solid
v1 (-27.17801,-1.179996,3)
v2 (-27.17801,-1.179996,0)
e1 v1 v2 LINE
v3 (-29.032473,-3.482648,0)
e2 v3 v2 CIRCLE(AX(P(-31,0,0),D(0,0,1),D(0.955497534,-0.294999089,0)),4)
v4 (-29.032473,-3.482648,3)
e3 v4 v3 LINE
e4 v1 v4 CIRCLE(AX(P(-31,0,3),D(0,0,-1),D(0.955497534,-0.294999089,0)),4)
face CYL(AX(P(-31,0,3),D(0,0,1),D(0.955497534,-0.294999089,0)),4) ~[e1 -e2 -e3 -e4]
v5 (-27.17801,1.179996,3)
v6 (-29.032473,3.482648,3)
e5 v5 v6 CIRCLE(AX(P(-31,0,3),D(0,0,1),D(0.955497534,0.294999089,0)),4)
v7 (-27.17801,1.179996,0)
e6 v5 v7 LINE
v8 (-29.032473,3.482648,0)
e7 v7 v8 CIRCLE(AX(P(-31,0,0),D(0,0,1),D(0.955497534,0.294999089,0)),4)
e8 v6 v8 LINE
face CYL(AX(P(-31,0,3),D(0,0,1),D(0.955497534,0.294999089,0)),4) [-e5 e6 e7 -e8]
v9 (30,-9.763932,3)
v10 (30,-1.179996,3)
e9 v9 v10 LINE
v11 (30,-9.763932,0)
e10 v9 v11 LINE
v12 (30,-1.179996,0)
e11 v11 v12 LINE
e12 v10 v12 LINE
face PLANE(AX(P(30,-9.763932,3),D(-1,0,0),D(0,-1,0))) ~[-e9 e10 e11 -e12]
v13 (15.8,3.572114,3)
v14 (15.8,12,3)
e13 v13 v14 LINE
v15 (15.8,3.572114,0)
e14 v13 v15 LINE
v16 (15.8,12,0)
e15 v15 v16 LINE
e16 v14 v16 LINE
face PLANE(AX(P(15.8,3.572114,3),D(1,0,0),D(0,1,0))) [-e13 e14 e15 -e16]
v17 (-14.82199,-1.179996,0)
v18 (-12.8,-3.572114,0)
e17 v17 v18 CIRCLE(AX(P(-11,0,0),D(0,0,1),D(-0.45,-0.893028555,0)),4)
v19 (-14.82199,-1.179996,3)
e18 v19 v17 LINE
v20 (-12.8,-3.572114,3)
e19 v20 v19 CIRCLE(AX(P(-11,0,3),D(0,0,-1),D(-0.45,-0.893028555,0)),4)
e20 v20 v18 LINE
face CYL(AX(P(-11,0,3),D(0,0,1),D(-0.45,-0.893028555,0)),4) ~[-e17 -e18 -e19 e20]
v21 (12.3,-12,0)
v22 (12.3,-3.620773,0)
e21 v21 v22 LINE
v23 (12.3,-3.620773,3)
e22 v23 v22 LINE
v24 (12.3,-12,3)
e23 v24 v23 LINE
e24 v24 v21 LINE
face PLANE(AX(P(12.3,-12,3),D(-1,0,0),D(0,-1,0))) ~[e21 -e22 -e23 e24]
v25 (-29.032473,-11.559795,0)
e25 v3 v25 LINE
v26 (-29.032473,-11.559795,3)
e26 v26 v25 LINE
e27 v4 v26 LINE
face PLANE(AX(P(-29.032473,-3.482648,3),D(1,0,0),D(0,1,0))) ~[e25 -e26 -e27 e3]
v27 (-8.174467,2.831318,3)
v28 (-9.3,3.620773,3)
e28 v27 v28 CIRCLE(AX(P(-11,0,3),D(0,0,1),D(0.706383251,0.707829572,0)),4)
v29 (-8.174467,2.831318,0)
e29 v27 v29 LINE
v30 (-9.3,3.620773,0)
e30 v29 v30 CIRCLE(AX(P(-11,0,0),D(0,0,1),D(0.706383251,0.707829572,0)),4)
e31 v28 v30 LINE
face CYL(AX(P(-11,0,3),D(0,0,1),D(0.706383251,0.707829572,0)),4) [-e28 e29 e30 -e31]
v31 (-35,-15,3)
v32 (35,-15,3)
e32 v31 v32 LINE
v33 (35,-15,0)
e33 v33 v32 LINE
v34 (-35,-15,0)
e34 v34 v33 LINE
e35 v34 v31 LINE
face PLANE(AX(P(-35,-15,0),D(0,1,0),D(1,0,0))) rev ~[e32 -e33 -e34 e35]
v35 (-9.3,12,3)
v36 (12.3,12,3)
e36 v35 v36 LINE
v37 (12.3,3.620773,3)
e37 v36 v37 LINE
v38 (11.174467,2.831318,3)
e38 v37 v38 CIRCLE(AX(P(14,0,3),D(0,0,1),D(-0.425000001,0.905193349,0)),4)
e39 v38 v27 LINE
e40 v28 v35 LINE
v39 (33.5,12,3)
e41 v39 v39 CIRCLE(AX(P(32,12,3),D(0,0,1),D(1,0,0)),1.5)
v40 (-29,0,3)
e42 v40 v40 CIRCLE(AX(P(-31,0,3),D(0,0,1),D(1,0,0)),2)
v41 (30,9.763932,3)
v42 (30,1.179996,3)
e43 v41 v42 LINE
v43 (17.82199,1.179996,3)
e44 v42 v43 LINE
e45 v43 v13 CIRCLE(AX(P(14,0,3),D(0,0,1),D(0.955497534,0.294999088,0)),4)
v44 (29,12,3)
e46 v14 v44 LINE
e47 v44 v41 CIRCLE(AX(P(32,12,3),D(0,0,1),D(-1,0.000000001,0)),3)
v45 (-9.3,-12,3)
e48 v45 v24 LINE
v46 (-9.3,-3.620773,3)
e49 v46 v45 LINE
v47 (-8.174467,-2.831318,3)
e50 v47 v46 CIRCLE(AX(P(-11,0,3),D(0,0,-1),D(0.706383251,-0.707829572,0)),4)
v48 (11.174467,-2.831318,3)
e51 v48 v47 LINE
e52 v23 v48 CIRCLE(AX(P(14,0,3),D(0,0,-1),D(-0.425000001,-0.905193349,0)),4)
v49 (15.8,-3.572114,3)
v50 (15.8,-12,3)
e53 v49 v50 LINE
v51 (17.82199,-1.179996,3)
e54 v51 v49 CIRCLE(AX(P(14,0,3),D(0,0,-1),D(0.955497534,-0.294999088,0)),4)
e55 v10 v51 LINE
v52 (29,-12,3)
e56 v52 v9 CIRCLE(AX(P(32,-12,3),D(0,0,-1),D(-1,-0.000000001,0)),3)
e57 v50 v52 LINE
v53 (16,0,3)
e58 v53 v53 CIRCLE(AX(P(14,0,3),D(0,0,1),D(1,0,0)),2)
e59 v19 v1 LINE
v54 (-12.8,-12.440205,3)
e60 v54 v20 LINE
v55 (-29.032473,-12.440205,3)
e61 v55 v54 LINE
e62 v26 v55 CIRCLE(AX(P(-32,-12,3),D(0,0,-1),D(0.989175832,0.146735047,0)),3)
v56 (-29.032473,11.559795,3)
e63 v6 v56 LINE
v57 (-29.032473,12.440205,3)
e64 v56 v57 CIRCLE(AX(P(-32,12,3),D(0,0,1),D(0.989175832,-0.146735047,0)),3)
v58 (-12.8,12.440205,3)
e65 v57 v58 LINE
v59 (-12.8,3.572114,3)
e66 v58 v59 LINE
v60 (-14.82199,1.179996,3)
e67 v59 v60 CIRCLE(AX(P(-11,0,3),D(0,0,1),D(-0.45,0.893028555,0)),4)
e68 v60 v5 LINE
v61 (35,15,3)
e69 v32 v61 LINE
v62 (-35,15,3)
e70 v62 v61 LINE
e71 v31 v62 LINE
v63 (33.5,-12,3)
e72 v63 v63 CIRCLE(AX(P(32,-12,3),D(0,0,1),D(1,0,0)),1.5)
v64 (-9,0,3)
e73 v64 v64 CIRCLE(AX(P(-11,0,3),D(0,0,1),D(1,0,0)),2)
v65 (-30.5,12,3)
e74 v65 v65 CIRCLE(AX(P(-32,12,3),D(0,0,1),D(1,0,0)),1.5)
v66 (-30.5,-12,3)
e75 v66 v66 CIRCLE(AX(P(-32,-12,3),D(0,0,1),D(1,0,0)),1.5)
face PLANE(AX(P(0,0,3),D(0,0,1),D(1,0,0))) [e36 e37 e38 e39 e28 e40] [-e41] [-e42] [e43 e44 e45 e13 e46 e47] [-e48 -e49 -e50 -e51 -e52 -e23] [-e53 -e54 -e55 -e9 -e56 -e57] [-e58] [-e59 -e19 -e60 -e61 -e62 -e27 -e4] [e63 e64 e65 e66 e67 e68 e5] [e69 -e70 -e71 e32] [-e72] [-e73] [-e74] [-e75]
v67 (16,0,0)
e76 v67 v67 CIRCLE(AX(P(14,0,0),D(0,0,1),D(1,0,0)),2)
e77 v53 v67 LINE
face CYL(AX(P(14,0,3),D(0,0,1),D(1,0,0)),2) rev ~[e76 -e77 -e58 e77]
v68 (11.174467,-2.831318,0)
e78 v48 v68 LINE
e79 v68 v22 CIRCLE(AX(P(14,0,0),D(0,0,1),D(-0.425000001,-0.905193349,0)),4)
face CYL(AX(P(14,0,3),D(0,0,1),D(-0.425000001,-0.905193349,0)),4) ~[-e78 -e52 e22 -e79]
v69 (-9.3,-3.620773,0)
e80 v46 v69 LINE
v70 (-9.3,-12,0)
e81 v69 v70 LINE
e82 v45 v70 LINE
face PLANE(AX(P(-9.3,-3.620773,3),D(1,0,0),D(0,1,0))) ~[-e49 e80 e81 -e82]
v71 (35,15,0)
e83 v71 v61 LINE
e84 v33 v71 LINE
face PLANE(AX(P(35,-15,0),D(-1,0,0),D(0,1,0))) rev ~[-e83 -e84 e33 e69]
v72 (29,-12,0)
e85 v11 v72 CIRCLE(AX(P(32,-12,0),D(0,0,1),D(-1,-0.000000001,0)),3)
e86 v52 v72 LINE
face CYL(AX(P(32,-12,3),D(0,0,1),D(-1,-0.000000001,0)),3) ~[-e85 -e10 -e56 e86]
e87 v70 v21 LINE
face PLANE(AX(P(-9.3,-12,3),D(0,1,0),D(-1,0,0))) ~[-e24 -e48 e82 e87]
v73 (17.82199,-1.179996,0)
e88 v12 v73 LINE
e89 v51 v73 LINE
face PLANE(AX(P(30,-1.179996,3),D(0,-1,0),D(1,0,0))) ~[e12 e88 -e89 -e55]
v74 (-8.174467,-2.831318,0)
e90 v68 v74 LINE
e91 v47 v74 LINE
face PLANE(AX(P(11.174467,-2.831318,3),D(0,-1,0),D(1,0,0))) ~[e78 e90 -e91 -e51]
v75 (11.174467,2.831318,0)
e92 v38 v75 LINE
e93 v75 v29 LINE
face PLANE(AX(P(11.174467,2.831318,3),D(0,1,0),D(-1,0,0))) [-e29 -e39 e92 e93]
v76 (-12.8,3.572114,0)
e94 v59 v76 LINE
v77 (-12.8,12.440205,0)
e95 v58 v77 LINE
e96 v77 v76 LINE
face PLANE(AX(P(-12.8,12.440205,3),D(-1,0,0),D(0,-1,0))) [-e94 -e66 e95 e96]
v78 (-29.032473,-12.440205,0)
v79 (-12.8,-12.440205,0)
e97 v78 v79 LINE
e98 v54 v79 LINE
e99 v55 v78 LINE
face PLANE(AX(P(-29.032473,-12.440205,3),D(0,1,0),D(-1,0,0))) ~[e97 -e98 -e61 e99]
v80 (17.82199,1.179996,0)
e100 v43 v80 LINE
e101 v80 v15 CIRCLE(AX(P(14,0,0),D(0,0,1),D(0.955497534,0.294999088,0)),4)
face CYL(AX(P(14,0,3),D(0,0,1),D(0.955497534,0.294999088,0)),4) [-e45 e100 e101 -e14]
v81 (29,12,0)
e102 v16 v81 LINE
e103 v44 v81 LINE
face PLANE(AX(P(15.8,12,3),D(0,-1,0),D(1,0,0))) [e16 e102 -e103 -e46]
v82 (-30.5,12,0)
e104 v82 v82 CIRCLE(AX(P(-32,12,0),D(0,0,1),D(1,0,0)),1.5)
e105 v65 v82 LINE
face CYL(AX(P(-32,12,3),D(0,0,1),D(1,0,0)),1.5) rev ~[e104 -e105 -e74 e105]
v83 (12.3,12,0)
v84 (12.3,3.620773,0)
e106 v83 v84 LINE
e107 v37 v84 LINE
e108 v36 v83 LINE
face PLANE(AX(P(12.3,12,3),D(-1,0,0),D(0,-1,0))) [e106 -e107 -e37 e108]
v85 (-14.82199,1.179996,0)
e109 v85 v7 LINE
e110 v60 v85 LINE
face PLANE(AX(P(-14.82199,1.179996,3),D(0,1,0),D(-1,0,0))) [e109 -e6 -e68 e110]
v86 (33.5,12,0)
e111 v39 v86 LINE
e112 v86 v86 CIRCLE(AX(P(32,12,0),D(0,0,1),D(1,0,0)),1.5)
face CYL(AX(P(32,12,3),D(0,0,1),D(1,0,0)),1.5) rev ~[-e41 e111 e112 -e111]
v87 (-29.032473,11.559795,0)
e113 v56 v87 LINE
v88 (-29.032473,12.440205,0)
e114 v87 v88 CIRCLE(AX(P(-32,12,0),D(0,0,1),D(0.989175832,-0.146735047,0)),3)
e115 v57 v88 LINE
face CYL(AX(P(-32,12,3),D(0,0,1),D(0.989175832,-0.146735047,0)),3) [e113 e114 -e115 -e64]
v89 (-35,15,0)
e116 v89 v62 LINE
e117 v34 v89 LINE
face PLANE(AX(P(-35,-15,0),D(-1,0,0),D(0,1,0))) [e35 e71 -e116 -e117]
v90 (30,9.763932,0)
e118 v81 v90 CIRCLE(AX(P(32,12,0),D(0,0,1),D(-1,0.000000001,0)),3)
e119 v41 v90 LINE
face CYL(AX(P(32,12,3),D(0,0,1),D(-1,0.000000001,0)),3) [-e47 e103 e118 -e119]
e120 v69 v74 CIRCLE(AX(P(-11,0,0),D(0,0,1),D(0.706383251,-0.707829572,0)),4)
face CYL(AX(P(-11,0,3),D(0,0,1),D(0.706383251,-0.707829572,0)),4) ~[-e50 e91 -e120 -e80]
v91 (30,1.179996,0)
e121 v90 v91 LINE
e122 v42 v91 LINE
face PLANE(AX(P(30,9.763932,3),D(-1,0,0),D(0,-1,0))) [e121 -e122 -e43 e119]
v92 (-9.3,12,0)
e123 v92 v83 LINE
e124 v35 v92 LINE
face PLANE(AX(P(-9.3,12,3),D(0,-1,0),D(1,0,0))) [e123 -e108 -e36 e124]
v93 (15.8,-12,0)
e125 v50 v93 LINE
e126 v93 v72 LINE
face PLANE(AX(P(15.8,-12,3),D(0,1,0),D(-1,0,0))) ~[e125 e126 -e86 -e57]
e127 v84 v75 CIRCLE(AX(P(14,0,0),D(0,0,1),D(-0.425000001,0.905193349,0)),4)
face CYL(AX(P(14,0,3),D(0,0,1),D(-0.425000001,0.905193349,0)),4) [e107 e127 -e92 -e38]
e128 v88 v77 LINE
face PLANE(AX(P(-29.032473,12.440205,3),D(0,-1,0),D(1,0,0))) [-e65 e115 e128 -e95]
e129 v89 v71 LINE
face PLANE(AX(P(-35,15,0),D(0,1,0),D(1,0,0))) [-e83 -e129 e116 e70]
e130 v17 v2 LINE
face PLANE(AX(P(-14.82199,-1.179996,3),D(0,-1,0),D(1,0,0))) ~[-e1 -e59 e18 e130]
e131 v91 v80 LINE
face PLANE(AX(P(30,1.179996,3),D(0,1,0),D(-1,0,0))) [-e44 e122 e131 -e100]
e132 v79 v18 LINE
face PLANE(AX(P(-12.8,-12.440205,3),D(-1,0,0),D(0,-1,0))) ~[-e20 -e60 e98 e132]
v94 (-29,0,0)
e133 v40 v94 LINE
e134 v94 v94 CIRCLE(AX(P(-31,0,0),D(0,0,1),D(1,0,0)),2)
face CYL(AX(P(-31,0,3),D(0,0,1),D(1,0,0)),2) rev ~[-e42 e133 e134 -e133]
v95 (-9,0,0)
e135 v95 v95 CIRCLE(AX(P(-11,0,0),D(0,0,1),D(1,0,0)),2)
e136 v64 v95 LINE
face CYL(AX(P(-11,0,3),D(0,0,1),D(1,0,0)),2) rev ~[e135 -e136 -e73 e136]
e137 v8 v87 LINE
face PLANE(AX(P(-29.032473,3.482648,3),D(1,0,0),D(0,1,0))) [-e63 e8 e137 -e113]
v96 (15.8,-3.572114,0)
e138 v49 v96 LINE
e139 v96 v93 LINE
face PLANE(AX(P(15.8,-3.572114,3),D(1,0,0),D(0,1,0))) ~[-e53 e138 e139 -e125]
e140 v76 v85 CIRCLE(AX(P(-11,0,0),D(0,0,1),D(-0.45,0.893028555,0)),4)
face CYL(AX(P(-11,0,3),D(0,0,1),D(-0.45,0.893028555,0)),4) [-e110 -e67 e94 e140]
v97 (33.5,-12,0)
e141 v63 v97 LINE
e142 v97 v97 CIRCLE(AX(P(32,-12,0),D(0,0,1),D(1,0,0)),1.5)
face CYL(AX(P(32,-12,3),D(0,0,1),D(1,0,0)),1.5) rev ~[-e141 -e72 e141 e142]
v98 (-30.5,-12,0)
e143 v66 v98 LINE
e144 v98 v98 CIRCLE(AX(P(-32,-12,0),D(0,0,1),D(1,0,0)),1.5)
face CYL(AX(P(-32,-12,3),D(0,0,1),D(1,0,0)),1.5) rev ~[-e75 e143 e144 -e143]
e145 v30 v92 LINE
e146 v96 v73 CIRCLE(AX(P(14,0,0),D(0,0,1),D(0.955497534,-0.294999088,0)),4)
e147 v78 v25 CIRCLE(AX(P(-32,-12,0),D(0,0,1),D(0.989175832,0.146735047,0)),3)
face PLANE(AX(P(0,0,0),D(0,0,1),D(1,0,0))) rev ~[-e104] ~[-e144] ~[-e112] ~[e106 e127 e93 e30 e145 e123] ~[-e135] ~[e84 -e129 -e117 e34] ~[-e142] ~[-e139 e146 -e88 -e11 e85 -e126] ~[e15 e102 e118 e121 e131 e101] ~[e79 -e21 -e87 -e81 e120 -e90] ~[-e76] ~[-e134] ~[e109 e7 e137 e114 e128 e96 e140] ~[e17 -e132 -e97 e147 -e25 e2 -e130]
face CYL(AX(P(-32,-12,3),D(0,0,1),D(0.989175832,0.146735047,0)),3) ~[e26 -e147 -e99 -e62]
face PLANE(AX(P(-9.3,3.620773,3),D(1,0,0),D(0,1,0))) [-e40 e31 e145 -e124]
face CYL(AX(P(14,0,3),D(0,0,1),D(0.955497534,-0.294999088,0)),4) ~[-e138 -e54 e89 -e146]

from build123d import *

# Parameters (mm, degrees)
SKETCH1_W           = 70
SKETCH1_H           = 30
BOSS_EXTRUDE1_DEPTH = 3
SKETCH2_R           = 1.5
SKETCH2_R_2         = 2
CUT_EXTRUDE2_DEPTH  = 4


with BuildPart() as part:
    # Sketch1 → Boss-Extrude1 (new body)
    with BuildSketch(Plane.XY):
        Rectangle(SKETCH1_W, SKETCH1_H)
    extrude(amount=BOSS_EXTRUDE1_DEPTH)

    # Sketch2 → Cut-Extrude2 (cut, through all)
    with BuildSketch(Plane.XY.offset(3)):
        with Locations((32, 12)):
            Circle(SKETCH2_R)
        with Locations((-32, 12)):
            Circle(SKETCH2_R)
        with Locations((32, -12)):
            Circle(SKETCH2_R)
        with Locations((-32, -12)):
            Circle(SKETCH2_R)
        with Locations((-11, 0)):
            Circle(SKETCH2_R_2)
        with Locations((-31, 0)):
            Circle(SKETCH2_R_2)
        with Locations((14, 0)):
            Circle(SKETCH2_R_2)
        with BuildLine():
            Line((-29.032472505, 12.440205142), (-12.8, 12.440205142))
            Line((-12.8, 12.440205142), (-12.8, 3.57211422))
            ThreePointArc((-12.8, 3.57211422), (-14.054873196, 2.582198629), (-14.821990136, 1.179996355))
            Line((-14.821990136, 1.179996355), (-27.178009864, 1.179996355))
            ThreePointArc((-27.178009864, 1.179996355), (-27.884686293, 2.508948087), (-29.032472505, 3.48264778))
            Line((-29.032472505, 3.48264778), (-29.032472505, 11.559794858))
            ThreePointArc((-29.032472505, 11.559794858), (-29, 12), (-29.032472505, 12.440205142))
        make_face()
        with BuildLine():
            Line((11.174466994, 2.831318285), (-8.174466994, 2.831318285))
            ThreePointArc((-8.174466994, 2.831318285), (-8.703062454, 3.274763794), (-9.3, 3.620773398))
            Line((-9.3, 3.620773398), (-9.3, 12))
            Line((-9.3, 12), (12.3, 12))
            Line((12.3, 12), (12.3, 3.620773398))
            ThreePointArc((12.3, 3.620773398), (11.703062454, 3.274763794), (11.174466994, 2.831318285))
        make_face()
        with BuildLine():
            Line((30, 1.179996355), (17.821990136, 1.179996355))
            ThreePointArc((17.821990136, 1.179996355), (17.054873196, 2.582198629), (15.8, 3.57211422))
            Line((15.8, 3.57211422), (15.8, 12))
            Line((15.8, 12), (29, 12))
            ThreePointArc((29, 12), (29.261387212, 10.775255129), (30, 9.763932023))
            Line((30, 9.763932023), (30, 1.179996355))
        make_face()
    cut_extrude2 = extrude(amount=-CUT_EXTRUDE2_DEPTH, mode=Mode.SUBTRACT)

    # Mirror1: Cut-Extrude2 across plane
    add(cut_extrude2.mirror(Plane.ZX), mode=Mode.SUBTRACT)


solid = part.part
